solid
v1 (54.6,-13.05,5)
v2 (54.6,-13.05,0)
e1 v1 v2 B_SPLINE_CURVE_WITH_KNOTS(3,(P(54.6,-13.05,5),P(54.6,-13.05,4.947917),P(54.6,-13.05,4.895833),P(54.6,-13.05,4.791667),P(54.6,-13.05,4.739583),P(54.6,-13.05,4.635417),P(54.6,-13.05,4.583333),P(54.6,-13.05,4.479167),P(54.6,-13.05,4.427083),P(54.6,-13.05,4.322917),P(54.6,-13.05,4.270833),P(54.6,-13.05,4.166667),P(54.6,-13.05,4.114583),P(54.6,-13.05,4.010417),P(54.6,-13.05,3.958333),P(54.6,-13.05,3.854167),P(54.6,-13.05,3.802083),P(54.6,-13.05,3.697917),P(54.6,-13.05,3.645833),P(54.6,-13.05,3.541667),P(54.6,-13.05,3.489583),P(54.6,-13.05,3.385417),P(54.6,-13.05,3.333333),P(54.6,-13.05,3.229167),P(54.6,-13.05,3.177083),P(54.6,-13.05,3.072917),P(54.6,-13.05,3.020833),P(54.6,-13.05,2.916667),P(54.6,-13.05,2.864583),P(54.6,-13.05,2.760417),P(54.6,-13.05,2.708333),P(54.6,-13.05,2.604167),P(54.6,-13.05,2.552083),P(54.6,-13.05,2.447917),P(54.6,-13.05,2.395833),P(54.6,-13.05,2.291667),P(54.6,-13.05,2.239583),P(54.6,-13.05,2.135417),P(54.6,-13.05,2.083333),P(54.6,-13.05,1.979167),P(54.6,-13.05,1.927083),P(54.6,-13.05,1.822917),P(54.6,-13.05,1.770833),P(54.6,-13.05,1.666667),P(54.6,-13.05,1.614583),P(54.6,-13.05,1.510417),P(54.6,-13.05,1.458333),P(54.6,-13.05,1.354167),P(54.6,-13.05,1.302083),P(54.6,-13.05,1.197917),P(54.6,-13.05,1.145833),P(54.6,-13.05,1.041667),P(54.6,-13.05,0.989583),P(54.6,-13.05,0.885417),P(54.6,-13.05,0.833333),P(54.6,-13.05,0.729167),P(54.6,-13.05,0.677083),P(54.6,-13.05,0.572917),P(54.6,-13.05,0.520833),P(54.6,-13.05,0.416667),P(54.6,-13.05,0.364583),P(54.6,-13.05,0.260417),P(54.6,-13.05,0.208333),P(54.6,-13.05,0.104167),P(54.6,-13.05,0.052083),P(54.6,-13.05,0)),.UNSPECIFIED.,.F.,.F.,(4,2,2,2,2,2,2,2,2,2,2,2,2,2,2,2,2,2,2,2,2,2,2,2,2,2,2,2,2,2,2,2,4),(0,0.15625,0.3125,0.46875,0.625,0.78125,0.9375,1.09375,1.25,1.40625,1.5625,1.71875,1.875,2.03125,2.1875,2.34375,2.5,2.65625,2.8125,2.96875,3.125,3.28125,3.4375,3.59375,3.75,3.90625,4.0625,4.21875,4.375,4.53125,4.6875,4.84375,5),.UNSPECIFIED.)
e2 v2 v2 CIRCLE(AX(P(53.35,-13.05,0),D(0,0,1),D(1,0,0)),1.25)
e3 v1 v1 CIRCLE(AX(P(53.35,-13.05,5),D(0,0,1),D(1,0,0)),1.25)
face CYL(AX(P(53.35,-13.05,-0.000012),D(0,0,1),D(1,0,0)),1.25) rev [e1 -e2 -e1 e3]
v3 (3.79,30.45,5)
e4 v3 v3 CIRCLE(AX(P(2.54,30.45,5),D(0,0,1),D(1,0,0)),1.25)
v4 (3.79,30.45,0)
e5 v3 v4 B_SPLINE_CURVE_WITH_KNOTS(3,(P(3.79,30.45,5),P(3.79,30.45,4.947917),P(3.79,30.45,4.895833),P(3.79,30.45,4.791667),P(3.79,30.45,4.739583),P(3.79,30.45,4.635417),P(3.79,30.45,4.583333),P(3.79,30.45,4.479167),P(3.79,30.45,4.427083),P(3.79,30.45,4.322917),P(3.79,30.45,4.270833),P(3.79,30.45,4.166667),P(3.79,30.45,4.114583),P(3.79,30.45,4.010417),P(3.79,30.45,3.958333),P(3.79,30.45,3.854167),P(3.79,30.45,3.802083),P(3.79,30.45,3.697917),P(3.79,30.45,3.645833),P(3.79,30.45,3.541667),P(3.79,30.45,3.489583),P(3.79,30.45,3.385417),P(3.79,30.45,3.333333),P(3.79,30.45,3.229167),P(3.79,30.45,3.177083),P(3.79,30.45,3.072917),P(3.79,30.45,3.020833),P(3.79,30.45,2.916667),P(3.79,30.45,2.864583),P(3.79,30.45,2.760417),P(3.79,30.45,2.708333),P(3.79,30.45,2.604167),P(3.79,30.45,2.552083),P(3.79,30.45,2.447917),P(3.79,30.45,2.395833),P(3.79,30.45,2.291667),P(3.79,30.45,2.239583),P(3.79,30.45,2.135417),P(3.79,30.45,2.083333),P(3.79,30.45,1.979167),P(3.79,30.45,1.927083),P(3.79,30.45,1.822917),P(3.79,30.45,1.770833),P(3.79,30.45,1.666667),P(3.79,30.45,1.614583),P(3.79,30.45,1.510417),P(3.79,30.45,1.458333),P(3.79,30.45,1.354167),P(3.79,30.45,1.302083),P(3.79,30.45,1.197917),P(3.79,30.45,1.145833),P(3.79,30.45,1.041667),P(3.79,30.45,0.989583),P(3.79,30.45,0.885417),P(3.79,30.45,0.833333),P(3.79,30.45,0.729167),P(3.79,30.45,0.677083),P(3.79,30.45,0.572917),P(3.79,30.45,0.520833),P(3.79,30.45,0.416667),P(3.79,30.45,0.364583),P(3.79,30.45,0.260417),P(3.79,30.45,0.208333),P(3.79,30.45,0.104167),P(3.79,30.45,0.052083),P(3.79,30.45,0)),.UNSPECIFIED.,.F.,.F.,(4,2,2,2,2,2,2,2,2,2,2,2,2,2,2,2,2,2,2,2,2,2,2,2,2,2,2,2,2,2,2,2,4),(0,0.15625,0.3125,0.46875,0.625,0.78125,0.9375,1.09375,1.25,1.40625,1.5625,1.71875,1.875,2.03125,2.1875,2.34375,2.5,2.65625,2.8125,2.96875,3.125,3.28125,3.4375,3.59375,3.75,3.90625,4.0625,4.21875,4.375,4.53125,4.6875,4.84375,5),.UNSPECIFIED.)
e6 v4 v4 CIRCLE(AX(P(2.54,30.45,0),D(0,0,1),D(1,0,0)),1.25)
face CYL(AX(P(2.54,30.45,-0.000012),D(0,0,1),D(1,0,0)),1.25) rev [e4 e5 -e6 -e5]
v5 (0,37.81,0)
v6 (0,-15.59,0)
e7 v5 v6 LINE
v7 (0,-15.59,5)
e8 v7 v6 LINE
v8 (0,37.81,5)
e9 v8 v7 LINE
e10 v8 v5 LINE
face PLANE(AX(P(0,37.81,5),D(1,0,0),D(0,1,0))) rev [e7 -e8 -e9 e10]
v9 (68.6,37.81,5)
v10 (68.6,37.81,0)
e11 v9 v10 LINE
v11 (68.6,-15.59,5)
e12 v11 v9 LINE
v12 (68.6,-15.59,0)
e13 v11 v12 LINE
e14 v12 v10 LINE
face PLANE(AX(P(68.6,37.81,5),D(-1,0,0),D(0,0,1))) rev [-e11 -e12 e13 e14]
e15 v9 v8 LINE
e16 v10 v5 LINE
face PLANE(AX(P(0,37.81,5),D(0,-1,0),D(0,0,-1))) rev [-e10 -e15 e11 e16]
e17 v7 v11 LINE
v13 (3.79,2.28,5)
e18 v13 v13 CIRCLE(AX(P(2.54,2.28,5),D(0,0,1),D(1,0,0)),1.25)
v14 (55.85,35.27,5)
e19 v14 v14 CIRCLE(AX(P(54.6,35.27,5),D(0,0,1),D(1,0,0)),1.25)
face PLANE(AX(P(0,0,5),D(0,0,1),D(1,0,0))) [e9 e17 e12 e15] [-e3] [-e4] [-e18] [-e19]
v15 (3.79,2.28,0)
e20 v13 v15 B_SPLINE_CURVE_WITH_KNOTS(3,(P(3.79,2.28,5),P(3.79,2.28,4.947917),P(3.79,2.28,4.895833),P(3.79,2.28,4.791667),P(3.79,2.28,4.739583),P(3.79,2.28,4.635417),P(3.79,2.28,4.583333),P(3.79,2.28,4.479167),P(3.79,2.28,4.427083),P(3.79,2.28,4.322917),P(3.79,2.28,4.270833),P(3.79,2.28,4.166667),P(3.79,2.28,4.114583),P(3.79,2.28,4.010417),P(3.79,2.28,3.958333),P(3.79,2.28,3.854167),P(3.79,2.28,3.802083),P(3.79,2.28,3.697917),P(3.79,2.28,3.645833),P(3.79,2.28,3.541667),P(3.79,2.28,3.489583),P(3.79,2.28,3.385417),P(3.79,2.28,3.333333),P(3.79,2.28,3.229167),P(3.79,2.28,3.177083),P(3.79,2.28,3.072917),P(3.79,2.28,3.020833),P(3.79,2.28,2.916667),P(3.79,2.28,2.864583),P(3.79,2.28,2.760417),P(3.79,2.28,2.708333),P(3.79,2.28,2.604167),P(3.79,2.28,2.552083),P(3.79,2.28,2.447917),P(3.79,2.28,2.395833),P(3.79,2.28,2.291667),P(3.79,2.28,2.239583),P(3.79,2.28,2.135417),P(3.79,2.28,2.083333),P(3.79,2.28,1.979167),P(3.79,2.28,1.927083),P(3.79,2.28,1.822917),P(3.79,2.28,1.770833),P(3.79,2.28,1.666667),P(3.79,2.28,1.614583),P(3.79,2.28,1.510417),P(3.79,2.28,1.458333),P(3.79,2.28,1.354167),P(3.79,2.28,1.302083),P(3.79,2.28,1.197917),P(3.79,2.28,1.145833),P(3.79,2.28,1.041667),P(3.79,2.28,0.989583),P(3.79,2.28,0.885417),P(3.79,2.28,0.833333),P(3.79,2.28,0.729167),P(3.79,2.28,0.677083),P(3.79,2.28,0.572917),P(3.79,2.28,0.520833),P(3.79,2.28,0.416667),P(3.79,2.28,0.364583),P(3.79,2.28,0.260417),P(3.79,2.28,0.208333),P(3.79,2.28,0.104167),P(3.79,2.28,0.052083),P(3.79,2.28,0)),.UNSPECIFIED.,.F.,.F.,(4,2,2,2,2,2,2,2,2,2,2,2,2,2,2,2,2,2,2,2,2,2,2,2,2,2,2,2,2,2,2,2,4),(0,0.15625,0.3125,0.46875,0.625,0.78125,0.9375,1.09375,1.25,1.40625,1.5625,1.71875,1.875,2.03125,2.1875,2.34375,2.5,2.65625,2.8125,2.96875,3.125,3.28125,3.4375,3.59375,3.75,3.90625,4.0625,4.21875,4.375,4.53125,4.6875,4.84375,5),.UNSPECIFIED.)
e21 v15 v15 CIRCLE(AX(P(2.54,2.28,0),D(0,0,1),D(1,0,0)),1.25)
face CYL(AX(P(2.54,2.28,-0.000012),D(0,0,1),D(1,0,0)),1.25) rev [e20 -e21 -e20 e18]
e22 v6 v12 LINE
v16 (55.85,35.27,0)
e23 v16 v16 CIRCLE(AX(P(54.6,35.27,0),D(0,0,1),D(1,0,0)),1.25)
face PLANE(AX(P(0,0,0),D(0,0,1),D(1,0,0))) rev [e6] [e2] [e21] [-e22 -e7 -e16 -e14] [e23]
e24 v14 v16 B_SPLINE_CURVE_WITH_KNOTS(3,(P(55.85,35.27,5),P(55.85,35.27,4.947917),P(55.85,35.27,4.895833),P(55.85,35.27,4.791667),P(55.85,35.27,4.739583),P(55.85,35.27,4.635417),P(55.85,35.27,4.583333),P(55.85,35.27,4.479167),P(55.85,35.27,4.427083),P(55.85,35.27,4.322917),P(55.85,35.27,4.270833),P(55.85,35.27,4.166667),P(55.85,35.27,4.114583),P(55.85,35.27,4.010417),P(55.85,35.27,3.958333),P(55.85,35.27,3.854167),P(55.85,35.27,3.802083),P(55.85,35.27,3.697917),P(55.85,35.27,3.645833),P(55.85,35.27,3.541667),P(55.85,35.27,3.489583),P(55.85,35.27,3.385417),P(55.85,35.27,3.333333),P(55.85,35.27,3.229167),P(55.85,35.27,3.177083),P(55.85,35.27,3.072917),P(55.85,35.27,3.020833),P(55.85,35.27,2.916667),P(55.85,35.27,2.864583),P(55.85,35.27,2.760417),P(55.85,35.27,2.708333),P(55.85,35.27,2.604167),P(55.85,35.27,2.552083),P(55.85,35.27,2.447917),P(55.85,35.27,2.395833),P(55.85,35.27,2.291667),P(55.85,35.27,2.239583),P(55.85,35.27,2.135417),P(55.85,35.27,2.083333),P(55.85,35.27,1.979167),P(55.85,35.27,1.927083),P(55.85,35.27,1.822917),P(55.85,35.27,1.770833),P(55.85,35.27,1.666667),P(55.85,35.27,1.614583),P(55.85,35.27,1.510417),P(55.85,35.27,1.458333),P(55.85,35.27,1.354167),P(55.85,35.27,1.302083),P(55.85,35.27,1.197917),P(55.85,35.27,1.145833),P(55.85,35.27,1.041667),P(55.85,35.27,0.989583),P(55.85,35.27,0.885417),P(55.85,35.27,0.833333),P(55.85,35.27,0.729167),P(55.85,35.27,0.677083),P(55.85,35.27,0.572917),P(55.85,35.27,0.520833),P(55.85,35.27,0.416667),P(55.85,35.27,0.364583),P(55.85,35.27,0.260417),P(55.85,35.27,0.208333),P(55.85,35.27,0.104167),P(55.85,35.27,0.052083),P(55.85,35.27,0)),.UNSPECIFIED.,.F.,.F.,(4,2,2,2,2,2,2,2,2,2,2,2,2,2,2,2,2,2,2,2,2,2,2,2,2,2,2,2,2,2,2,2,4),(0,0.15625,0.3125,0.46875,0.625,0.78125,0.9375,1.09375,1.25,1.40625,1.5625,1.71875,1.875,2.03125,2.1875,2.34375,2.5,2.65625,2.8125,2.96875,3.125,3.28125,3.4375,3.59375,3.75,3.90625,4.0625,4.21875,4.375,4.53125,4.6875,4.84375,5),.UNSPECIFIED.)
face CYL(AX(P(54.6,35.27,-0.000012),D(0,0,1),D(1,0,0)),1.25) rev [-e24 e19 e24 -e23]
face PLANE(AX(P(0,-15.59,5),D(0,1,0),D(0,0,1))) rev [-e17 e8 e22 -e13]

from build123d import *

# Parameters (mm, degrees)
SKETCH4_W                = 68.600000001
SKETCH4_H                = 53.4
BRACKETBASE_DEPTH        = 5
MOUNTINGHOLES_DEPTH      = 79.489210088
MOUNTINGHOLES_DEPTH_BACK = 79.489210088
MOUNTINGHOLESSKETCH_R    = 1.25


with BuildPart() as part:
    # Sketch4 → bracketBase (new body)
    with BuildSketch(Plane.XY):
        with Locations((34.3, 11.110000001)):
            Rectangle(SKETCH4_W, SKETCH4_H)
    extrude(amount=BRACKETBASE_DEPTH)

    # mountingHolesSketch → mountingHoles (cut, two sides: drawn at the far end of the back side and taken through both)
    with BuildSketch(Plane.XY.offset(-MOUNTINGHOLES_DEPTH_BACK)):
        with Locations((2.54, 2.280000001)):
            Circle(MOUNTINGHOLESSKETCH_R)
        with Locations((2.54, 30.450000001)):
            Circle(MOUNTINGHOLESSKETCH_R)
        with Locations((54.600000001, 35.270000001)):
            Circle(MOUNTINGHOLESSKETCH_R)
        with Locations((53.350000001, -13.049999999)):
            Circle(MOUNTINGHOLESSKETCH_R)
    extrude(amount=MOUNTINGHOLES_DEPTH + MOUNTINGHOLES_DEPTH_BACK, mode=Mode.SUBTRACT)


solid = part.part
